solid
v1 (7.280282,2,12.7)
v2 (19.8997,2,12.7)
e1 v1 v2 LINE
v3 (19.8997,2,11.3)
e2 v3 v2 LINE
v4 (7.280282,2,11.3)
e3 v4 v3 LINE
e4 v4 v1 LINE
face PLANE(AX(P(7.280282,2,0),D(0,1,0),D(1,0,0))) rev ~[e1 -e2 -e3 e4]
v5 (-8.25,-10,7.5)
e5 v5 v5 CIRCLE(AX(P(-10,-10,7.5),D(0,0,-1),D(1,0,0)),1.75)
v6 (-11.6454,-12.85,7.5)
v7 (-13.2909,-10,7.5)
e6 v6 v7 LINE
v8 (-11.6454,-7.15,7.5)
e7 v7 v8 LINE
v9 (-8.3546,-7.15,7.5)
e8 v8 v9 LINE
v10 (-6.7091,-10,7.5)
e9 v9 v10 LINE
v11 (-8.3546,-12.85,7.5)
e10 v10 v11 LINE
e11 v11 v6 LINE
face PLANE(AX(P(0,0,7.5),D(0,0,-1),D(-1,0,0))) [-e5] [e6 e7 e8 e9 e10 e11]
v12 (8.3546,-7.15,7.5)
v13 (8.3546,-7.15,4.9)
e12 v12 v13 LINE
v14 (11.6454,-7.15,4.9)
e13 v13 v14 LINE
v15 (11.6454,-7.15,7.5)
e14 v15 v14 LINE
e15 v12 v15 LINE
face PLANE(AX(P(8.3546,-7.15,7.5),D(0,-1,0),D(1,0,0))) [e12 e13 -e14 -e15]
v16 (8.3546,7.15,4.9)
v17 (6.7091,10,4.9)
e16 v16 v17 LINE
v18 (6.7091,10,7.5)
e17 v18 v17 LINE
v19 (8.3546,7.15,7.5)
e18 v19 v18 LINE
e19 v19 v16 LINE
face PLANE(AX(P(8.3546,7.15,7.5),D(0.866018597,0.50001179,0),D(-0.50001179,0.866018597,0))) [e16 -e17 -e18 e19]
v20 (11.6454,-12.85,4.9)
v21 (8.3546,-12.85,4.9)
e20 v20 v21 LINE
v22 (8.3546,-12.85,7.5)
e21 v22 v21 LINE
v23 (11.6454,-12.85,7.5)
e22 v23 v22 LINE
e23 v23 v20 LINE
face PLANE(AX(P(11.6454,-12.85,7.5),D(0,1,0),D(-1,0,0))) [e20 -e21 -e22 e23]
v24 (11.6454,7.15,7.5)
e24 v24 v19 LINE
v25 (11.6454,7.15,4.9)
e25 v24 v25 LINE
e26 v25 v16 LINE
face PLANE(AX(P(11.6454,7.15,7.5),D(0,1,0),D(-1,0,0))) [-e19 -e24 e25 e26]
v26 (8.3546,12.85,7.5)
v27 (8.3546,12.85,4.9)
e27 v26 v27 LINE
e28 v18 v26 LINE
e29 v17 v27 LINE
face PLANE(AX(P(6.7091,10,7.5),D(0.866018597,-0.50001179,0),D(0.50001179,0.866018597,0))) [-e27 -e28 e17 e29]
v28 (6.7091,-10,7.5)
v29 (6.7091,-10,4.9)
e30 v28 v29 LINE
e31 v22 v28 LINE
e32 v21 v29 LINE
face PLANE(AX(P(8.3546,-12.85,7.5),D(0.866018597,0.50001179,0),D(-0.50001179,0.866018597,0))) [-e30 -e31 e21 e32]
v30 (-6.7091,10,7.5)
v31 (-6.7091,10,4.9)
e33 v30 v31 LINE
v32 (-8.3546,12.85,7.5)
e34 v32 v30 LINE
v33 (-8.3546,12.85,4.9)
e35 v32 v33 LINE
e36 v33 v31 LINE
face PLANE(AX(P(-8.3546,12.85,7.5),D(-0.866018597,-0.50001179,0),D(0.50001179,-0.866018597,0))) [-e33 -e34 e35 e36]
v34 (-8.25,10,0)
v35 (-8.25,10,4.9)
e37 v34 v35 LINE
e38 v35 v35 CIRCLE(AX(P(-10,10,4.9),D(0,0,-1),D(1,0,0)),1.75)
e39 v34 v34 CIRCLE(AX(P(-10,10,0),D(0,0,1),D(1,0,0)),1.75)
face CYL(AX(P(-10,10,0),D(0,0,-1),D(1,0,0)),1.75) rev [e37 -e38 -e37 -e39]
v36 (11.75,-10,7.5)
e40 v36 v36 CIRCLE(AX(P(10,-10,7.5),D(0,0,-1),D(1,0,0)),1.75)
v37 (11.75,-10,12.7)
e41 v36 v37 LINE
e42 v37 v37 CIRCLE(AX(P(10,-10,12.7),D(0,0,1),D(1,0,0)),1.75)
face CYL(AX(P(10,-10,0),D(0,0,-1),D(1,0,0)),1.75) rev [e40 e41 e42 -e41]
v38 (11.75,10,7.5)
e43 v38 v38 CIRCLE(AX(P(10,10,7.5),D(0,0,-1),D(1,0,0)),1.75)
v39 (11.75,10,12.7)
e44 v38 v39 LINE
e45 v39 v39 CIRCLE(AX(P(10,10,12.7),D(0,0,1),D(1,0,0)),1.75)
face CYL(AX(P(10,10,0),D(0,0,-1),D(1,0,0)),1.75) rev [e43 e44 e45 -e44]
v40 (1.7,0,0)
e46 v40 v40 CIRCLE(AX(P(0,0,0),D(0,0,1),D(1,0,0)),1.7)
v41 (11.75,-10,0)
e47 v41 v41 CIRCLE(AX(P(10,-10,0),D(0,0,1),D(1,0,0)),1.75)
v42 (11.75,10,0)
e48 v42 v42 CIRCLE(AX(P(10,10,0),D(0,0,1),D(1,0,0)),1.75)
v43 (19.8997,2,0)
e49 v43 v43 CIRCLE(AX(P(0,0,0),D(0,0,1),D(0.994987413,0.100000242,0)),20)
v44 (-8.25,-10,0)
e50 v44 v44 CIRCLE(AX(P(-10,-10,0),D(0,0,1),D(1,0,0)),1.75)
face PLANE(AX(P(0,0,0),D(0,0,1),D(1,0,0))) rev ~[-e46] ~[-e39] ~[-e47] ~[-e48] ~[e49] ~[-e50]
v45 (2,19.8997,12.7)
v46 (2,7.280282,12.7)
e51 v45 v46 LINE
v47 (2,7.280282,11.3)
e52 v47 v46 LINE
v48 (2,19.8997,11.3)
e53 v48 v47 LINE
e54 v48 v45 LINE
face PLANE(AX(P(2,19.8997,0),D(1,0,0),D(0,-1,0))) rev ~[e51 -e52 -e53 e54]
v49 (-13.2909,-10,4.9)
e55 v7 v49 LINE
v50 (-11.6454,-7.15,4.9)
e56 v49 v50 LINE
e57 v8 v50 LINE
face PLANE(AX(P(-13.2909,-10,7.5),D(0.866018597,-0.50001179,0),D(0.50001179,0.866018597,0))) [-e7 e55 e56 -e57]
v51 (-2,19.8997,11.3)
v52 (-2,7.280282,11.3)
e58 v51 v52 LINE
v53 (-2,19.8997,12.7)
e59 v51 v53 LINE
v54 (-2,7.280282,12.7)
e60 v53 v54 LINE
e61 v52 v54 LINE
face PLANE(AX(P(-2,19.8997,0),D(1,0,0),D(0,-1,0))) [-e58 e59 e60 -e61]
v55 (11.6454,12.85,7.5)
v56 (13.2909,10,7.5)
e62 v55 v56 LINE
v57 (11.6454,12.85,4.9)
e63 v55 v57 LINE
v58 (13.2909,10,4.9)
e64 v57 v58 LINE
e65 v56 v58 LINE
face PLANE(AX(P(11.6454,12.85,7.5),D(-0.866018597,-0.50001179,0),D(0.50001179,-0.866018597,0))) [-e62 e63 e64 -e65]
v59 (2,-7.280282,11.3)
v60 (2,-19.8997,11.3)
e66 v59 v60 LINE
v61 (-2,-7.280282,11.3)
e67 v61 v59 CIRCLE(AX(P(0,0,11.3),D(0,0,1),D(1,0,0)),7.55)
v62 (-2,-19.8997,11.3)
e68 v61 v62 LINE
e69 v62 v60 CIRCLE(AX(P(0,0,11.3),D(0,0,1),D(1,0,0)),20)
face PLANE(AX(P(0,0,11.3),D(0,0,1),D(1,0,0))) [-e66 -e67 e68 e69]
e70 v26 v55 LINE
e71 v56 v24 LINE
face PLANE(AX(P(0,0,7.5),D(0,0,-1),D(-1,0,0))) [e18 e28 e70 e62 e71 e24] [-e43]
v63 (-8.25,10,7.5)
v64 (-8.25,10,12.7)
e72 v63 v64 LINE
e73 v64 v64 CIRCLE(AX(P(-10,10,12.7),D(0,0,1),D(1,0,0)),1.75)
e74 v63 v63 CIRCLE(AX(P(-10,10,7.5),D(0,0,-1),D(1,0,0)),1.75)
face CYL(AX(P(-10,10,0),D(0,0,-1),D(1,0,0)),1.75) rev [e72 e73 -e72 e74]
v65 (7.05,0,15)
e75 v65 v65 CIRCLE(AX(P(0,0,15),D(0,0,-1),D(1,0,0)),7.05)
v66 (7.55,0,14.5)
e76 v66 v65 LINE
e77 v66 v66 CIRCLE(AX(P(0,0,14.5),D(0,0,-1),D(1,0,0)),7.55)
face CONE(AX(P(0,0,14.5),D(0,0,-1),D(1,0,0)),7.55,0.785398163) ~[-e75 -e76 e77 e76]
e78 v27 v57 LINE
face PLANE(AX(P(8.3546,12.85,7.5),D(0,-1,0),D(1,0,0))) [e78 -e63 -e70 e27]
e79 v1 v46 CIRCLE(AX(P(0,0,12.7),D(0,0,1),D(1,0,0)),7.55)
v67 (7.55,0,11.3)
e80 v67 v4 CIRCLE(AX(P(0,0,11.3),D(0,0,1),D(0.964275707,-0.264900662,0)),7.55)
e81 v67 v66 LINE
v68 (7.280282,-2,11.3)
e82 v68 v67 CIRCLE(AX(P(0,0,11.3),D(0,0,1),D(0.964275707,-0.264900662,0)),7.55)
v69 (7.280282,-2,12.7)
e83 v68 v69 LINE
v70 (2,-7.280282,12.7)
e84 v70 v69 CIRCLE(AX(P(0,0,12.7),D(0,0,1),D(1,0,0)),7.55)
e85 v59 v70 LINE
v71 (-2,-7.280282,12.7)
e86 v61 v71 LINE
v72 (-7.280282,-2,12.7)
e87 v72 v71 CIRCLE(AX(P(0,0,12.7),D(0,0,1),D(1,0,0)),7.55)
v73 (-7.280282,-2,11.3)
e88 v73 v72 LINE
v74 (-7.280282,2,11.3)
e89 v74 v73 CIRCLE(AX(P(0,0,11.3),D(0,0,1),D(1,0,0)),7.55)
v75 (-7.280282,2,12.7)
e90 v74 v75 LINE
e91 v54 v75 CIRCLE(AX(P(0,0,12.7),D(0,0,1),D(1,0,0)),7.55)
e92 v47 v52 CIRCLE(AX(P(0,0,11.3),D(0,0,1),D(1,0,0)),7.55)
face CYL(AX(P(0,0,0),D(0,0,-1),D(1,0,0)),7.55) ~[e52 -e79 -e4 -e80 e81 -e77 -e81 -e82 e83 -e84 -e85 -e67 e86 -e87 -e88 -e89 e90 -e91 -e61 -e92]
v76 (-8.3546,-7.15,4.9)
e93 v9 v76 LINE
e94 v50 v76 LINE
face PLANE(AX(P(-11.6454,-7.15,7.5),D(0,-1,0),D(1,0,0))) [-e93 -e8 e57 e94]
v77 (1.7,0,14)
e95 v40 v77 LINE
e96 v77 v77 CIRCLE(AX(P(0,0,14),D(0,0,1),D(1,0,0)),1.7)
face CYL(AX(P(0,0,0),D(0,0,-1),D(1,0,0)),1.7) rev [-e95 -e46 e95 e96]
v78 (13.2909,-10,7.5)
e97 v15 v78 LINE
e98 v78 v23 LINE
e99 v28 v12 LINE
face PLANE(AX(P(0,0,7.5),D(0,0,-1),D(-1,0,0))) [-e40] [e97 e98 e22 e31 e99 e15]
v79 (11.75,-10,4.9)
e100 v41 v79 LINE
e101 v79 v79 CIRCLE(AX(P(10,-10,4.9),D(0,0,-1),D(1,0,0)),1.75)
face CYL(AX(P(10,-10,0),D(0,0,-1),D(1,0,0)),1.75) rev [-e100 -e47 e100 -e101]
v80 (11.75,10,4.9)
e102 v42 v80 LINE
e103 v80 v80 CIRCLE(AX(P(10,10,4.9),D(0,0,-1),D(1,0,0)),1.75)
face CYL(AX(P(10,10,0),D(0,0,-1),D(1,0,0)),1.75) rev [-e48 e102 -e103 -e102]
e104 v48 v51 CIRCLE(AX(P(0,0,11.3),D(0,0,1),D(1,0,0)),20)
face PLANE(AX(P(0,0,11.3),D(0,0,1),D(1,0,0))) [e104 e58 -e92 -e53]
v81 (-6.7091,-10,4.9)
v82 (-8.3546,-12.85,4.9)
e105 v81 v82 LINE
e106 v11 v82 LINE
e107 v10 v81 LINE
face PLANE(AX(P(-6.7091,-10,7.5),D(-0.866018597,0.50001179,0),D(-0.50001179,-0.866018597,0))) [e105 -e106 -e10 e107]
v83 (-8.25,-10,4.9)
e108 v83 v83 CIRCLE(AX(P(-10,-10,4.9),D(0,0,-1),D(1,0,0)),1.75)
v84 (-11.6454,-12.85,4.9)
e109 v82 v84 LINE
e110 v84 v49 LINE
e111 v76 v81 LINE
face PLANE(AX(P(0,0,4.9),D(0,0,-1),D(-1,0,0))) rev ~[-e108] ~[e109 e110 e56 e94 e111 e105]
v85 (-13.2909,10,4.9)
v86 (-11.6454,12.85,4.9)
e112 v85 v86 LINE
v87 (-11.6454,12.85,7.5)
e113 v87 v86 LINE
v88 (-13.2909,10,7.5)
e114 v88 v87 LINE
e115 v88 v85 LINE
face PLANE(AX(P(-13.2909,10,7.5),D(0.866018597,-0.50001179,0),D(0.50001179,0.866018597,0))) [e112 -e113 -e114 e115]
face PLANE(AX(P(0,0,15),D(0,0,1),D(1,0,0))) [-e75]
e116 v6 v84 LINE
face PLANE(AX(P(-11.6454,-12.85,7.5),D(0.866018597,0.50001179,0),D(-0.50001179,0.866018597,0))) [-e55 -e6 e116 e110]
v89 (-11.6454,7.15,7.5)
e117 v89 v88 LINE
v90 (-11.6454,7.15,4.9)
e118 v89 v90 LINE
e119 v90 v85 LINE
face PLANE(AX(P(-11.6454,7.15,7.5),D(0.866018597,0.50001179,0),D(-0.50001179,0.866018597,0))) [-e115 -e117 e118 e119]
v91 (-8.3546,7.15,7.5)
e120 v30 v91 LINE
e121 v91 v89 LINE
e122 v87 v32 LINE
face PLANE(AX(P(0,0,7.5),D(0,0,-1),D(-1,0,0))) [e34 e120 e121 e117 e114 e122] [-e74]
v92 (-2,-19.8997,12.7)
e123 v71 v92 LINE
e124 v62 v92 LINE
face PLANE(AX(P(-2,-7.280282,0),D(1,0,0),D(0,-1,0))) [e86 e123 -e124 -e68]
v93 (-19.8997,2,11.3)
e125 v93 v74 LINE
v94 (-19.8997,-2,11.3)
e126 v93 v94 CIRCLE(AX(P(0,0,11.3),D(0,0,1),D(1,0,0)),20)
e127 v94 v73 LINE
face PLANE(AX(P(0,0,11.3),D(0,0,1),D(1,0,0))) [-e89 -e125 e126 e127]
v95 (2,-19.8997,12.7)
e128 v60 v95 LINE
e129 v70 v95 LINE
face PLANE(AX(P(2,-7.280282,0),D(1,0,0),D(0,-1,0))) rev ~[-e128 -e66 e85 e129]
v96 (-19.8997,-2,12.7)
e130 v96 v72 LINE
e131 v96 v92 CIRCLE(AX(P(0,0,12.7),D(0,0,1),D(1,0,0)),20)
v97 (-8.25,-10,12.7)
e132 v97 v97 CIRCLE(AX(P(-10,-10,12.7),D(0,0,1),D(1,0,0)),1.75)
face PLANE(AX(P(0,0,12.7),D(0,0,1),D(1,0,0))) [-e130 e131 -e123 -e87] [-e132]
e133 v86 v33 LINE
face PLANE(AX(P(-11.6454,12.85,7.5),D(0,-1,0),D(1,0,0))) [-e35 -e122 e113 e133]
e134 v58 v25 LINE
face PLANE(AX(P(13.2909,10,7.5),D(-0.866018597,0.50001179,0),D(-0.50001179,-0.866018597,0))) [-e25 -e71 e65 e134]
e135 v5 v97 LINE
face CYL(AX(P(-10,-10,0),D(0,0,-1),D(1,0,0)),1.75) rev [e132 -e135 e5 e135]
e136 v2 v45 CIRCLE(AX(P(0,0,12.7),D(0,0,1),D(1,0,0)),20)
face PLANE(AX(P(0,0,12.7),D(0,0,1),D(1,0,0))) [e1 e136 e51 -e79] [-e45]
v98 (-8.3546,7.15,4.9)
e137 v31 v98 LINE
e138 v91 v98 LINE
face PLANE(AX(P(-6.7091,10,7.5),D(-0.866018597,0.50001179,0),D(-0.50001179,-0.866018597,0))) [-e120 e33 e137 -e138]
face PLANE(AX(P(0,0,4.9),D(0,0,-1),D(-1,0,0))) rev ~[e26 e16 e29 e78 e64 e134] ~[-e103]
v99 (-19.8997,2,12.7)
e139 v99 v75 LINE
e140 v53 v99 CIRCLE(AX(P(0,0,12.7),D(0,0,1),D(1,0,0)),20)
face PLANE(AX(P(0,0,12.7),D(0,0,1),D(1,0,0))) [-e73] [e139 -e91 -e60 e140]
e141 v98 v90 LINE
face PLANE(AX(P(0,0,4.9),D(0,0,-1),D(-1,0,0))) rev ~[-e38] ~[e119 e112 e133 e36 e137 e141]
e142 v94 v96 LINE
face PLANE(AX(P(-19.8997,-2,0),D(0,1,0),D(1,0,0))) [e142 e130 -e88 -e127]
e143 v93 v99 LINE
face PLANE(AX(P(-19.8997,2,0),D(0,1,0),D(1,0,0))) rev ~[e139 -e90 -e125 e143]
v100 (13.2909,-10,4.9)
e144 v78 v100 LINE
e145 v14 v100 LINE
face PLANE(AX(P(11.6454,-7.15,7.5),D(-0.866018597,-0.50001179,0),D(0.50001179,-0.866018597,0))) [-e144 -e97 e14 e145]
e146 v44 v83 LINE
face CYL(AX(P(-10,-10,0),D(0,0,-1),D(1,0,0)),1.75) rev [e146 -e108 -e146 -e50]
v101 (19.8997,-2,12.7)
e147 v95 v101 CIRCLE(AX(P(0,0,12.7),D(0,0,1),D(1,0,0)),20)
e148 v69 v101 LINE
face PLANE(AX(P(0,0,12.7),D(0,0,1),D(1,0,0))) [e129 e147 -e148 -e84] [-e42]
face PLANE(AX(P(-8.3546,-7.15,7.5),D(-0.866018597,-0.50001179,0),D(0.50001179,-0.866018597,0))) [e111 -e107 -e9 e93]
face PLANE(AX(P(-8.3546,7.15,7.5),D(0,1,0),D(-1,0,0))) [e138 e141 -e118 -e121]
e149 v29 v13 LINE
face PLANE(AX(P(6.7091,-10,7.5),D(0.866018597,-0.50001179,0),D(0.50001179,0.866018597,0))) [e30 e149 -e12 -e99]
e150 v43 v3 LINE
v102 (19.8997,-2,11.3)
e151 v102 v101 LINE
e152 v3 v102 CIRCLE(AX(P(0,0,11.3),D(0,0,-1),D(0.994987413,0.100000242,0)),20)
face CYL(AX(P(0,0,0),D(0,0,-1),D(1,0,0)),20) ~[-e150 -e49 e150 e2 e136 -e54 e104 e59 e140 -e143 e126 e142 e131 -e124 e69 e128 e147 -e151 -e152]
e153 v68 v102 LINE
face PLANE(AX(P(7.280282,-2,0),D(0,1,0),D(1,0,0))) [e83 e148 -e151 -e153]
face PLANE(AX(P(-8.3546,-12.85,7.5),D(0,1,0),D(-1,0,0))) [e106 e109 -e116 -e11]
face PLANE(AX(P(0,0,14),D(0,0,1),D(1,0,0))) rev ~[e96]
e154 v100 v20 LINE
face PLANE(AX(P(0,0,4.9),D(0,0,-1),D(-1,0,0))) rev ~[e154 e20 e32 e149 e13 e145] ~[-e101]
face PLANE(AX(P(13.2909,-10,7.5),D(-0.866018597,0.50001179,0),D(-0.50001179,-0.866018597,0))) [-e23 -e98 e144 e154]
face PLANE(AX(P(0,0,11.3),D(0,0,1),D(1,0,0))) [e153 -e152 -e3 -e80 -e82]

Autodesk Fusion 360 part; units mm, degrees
sketch "Skizze1" plane through (0, 0, 0) normal (0, 0, 1) x (1, 0, 0)
  circle A0 centre (0, 0) radius 20
  circle A1 centre (0, 0) radius 1.7
  line L0 (0, 23) -> (0, -24.4681) construction
  circle A2 centre (0, 0) radius 7.55
  line L1 (24, 0) -> (-23.5704, 0) construction
  line L2 (-23.8139, 10) -> (38.4686, 10) construction
  line L3 (-25.6457, -10) -> (29, -10) construction
  line L4 (-10, 25.6893) -> (-10, -22.4618) construction
  line L5 (10, 21.0661) -> (10, -25) construction
  circle A3 centre (-10, 10) radius 1.75
  circle A4 centre (10, 10) radius 1.75
  circle A5 centre (10, -10) radius 1.75
  circle A6 centre (-10, -10) radius 1.75
  line L6 (-2, 19.8997) -> (-2, -19.8997)
  line L7 (2, 19.8997) -> (2, -19.8997)
  line L8 (-19.8997, 2) -> (19.8997, 2)
  line L9 (-19.8997, -2) -> (19.8997, -2)
  point P0 (-10, 10)
  point P1 (10, 10)
  point P2 (10, -10)
  point P3 (-10, -10)
  dimension "d1" = 40
  dimension "d2" = 3.4
  dimension "d25" = 15.1
  dimension "d69" = 10
  dimension "d70" = 10
  dimension "d71" = 10
  dimension "d72" = 10
  dimension "d73" = 3.5
  dimension "d74" = 3.5
  dimension "d75" = 3.5
  dimension "d76" = 3.5
  dimension "d85" = 2
  dimension "d86" = 2
  dimension "d87" = 2
  dimension "d88" = 2
extrude "Extrusion1" add sketch "Skizze1" along normal blind 15 contours A2 L7 L8 | A2 L7 L8 L9 | A2 L7 L9 | A2 L6 L7 L8 | L6 L7 L8 L9 | A2 L6 L7 L9 | A2 L6 L8 | A2 L6 L8 L9 | A2 L6 L9 | A1
extrude "Extrusion2" cut sketch "Skizze1" along normal blind 14 contours A1
extrude "Extrusion5" add sketch "Skizze1" along normal blind 12.7 contours A0 A2 L7 L8 | A0 A2 L7 L9 | A0 A2 L6 L8 | A0 A2 L6 L9
extrude "Extrusion11" add sketch "Skizze1" along normal blind 11.3 contours A0 A2 L8 L9 | A0 A2 L6 L7 | A0 A2 L6 L7 | A0 A2 L8 L9
ref_plane "Arbeitsebene1" through (0, 0, 7.5) normal (0, 0, -1) x (-1, 0, 0)
sketch "Skizze2" plane through (0, 0, 7.5) normal (0, 0, -1) x (-1, 0, 0)
  line L0 (0, 19.4975) -> (0, -17.4097) construction
  line L1 (-20.2047, 0) -> (24.515, 0) construction
  line L2 (11, 10) -> (-11.3533, 10) construction
  line L3 (11, -10) -> (-11, -10) construction
  line L4 (10, 11.7482) -> (10, -12.1179) construction
  line L5 (-10, 11.5155) -> (-10, -12.3496) construction
  line L6 (11.6454, 7.15) -> (13.2909, 10)
  line L7 (13.2909, 10) -> (11.6454, 12.85)
  line L8 (11.6454, 12.85) -> (8.3546, 12.85)
  line L9 (8.3546, 12.85) -> (6.7091, 10)
  line L10 (6.7091, 10) -> (8.3546, 7.15)
  line L11 (8.3546, 7.15) -> (11.6454, 7.15)
  line L12 (-8.3546, 7.15) -> (-6.7091, 10)
  line L13 (-6.7091, 10) -> (-8.3546, 12.85)
  line L14 (-8.3546, 12.85) -> (-11.6454, 12.85)
  line L15 (-11.6454, 12.85) -> (-13.2909, 10)
  line L16 (-13.2909, 10) -> (-11.6454, 7.15)
  line L17 (-11.6454, 7.15) -> (-8.3546, 7.15)
  line L18 (-11.6454, -7.15) -> (-13.2909, -10)
  line L19 (-13.2909, -10) -> (-11.6454, -12.85)
  line L20 (-11.6454, -12.85) -> (-8.3546, -12.85)
  line L21 (-8.3546, -12.85) -> (-6.7091, -10)
  line L22 (-6.7091, -10) -> (-8.3546, -7.15)
  line L23 (-8.3546, -7.15) -> (-11.6454, -7.15)
  line L24 (8.3546, -7.15) -> (6.7091, -10)
  line L25 (6.7091, -10) -> (8.3546, -12.85)
  line L26 (8.3546, -12.85) -> (11.6454, -12.85)
  line L27 (11.6454, -12.85) -> (13.2909, -10)
  line L28 (13.2909, -10) -> (11.6454, -7.15)
  line L29 (11.6454, -7.15) -> (8.3546, -7.15)
  point P0 (10, 10)
  point P1 (-10, 10)
  point P2 (-10, -10)
  point P3 (10, -10)
  dimension "d77" = 10
  dimension "d78" = 10
  dimension "d79" = 10
  dimension "d80" = 10
  dimension "d81" = 5.7
  dimension "d82" = 5.7
  dimension "d83" = 5.7
  dimension "d84" = 5.7
extrude "Extrusion4" cut sketch "Skizze2" along normal blind 2.6
chamfer "Fase2" distance 0.5 angle 45 1 edges at (-7.0391, -2.7302, 15)
